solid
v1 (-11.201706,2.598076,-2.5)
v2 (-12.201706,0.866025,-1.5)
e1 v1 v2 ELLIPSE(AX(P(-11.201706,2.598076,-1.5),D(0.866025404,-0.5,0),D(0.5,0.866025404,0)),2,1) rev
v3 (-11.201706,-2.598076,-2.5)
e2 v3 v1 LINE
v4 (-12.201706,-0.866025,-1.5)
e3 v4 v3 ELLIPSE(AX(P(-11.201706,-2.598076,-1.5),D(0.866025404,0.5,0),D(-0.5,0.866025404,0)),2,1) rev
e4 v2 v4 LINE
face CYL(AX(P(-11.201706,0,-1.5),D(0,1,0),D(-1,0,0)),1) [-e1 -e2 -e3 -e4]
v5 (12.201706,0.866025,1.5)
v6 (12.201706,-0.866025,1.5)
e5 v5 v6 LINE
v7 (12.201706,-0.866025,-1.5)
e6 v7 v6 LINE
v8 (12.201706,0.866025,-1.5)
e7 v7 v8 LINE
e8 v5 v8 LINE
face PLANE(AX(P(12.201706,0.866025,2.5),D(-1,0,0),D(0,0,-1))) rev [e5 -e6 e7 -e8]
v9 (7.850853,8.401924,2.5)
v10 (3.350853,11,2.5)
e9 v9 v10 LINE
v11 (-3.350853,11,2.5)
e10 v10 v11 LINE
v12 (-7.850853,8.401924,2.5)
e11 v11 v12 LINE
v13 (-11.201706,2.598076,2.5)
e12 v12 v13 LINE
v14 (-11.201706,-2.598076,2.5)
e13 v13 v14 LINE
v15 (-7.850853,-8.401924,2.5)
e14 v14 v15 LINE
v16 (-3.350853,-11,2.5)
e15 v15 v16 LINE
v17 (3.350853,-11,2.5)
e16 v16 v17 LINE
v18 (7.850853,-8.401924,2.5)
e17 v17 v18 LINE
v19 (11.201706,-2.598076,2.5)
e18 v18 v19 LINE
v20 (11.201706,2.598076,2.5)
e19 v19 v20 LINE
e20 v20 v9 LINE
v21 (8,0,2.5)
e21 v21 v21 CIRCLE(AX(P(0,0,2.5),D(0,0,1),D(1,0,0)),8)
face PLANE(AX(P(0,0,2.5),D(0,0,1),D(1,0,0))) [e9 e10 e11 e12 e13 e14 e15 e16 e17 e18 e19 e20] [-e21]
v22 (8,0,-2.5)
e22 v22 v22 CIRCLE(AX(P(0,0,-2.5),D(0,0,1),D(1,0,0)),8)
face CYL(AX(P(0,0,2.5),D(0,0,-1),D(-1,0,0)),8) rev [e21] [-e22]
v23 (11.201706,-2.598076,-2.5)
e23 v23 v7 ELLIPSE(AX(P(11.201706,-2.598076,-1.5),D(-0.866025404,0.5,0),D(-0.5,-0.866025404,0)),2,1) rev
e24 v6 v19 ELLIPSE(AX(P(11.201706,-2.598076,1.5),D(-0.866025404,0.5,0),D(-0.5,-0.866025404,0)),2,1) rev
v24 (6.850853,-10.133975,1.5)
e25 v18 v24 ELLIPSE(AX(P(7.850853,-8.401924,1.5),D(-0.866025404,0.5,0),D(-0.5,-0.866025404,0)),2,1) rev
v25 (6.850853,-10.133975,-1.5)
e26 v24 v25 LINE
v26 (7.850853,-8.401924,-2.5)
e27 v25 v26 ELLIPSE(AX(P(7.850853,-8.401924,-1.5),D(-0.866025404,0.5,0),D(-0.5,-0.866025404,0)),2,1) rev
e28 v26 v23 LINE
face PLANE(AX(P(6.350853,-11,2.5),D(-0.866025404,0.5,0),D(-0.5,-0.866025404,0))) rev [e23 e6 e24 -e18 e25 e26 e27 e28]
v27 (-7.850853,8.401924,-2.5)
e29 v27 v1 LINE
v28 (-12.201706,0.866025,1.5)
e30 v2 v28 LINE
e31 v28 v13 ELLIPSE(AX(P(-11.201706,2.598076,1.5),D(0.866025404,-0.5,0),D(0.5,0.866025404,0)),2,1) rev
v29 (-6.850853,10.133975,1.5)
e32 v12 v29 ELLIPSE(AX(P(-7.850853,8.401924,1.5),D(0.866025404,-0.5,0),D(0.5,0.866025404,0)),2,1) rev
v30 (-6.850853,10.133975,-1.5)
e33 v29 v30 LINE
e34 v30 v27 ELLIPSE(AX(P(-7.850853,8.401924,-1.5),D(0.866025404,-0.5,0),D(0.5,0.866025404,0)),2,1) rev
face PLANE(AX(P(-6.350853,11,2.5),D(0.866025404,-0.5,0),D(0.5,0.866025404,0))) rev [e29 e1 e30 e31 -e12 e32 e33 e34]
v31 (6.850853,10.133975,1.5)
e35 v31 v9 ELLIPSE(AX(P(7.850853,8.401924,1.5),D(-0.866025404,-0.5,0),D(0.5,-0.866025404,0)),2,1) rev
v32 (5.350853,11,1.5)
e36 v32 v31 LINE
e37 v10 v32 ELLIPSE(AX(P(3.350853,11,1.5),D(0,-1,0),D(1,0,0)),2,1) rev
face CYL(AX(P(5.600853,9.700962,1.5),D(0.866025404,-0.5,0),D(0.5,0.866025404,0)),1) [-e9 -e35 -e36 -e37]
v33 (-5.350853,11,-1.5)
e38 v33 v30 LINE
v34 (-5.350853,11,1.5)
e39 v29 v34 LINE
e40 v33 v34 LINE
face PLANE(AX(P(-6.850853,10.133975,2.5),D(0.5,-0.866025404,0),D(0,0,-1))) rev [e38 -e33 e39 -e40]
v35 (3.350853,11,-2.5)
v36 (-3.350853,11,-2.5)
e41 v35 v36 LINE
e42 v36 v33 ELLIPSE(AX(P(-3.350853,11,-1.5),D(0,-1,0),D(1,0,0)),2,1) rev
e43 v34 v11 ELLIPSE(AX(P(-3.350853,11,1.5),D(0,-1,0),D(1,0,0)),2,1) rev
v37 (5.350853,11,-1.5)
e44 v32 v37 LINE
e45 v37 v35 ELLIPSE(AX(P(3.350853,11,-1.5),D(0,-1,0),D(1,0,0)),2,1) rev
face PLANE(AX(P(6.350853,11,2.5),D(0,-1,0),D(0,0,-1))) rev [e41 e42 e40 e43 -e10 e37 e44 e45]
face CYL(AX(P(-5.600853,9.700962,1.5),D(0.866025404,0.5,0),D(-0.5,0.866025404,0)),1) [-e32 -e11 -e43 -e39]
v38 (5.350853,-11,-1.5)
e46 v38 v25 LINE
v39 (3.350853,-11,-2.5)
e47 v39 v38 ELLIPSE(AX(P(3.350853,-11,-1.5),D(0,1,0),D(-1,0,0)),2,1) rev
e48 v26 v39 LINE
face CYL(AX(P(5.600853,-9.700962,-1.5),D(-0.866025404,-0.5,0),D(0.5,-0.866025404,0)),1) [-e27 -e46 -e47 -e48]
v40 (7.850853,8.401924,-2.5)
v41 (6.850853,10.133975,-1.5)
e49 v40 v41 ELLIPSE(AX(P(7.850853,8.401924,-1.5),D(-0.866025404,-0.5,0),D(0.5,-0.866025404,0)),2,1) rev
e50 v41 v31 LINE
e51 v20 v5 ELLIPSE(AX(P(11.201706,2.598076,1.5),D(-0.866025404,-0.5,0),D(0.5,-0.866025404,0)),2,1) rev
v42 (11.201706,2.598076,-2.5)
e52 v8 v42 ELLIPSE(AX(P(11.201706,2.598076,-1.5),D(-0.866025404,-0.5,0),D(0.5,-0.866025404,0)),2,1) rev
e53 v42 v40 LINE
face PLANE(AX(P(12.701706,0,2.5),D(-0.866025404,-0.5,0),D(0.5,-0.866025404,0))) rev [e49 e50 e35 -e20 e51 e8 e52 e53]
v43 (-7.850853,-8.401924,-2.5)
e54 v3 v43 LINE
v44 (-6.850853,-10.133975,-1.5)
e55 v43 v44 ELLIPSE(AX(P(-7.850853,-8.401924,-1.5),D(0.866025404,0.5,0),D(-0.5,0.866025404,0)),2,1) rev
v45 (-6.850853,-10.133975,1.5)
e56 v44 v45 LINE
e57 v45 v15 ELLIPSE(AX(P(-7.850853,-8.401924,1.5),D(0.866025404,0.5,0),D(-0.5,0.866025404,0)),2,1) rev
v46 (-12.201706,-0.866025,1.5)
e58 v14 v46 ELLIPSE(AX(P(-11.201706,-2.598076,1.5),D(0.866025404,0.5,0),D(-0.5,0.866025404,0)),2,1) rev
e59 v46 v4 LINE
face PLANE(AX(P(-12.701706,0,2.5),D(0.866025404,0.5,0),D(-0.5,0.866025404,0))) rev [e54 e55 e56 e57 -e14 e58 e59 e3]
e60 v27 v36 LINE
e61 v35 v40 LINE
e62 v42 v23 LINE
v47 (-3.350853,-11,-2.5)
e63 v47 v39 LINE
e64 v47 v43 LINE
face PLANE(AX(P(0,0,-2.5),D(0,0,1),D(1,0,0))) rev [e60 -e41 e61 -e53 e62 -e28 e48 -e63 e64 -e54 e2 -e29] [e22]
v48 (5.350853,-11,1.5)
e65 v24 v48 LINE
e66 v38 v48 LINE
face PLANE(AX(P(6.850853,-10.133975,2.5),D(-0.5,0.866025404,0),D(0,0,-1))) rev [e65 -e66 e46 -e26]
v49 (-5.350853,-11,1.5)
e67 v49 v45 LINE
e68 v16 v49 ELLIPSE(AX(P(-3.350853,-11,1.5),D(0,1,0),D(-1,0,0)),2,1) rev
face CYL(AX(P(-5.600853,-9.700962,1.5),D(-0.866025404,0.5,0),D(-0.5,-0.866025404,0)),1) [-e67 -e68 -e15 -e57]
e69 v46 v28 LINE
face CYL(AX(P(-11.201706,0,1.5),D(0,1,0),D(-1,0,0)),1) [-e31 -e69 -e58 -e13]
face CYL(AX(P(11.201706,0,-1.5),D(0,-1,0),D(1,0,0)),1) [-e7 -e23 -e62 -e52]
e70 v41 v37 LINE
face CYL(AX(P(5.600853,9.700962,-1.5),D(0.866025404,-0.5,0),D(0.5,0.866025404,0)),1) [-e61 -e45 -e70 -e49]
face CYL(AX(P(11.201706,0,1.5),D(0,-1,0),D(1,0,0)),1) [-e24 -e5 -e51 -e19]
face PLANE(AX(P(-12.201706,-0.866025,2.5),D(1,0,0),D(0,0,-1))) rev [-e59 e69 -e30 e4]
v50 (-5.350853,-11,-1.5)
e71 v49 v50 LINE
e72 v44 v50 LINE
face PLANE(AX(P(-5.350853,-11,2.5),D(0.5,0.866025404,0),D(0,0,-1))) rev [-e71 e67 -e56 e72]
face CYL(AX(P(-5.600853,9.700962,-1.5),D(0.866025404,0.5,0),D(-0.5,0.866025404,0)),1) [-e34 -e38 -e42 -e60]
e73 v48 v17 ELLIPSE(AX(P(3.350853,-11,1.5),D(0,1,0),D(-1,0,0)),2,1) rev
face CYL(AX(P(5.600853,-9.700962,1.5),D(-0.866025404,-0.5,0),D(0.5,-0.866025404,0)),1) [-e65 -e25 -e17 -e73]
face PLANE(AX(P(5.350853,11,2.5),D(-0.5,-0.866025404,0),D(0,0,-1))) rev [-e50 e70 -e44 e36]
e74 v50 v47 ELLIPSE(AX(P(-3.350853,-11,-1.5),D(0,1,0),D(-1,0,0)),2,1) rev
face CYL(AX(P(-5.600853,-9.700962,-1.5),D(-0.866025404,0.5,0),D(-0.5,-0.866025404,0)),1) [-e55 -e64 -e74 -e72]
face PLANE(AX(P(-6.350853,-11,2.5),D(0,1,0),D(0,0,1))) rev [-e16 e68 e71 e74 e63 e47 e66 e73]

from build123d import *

# Parameters (mm, degrees)
SKETCH1_R            = 8
BOSS_EXTRUDE1_DEPTH  = 2.5
CHAMFER1_SIZE        = 1
CHAMFER1_EDGE_2_SIZE = 1
CHAMFER1_EDGE_3_SIZE = 1
CHAMFER1_EDGE_4_SIZE = 1
CHAMFER1_EDGE_5_SIZE = 1
CHAMFER1_EDGE_6_SIZE = 1
FILLET1_R            = 1


with BuildPart() as part:
    # Sketch1 → Boss-Extrude1 (new, symmetric)
    with BuildSketch(Plane.XY):
        Polygon((12.701705922, 0), (6.350852961, 11), (-6.350852961, 11), (-12.701705922, 0), (-6.350852961, -11), (6.350852961, -11), align=None)
        Circle(SKETCH1_R, mode=Mode.SUBTRACT)
    extrude(amount=BOSS_EXTRUDE1_DEPTH, both=True)

    # Chamfer1
    chamfer1_edges = [part.edges().sort_by_distance(p)[0] for p in [
        (6.350852961, -11, 0),
    ]]
    chamfer(chamfer1_edges, length=CHAMFER1_SIZE)

    # Chamfer1 edge 2
    chamfer1_edge_2_edges = [part.edges().sort_by_distance(p)[0] for p in [
        (-6.350852961, -11, 0),
    ]]
    chamfer(chamfer1_edge_2_edges, length=CHAMFER1_EDGE_2_SIZE)

    # Chamfer1 edge 3
    chamfer1_edge_3_edges = [part.edges().sort_by_distance(p)[0] for p in [
        (-12.701705922, 0, 0),
    ]]
    chamfer(chamfer1_edge_3_edges, length=CHAMFER1_EDGE_3_SIZE)

    # Chamfer1 edge 4
    chamfer1_edge_4_edges = [part.edges().sort_by_distance(p)[0] for p in [
        (-6.350852961, 11, 0),
    ]]
    chamfer(chamfer1_edge_4_edges, length=CHAMFER1_EDGE_4_SIZE)

    # Chamfer1 edge 5
    chamfer1_edge_5_edges = [part.edges().sort_by_distance(p)[0] for p in [
        (6.350852961, 11, 0),
    ]]
    chamfer(chamfer1_edge_5_edges, length=CHAMFER1_EDGE_5_SIZE)

    # Chamfer1 edge 6
    chamfer1_edge_6_edges = [part.edges().sort_by_distance(p)[0] for p in [
        (12.701705922, 0, 0),
    ]]
    chamfer(chamfer1_edge_6_edges, length=CHAMFER1_EDGE_6_SIZE)

    # Fillet1
    fillet1_edges = [part.edges().sort_by_distance(p)[0] for p in [
        (6.100852961, 10.566987298, -2.5),
        (12.201705922, 0, -2.5),
        (6.100852961, -10.566987298, -2.5),
        (-6.100852961, -10.566987298, -2.5),
        (-12.201705922, 0, -2.5),
        (-6.100852961, 10.566987298, -2.5),
        (6.100852961, 10.566987298, 2.5),
        (12.201705922, 0, 2.5),
        (6.100852961, -10.566987298, 2.5),
        (-6.100852961, -10.566987298, 2.5),
        (-12.201705922, 0, 2.5),
        (-6.100852961, 10.566987298, 2.5),
    ]]
    fillet(fillet1_edges, radius=FILLET1_R)


solid = part.part
